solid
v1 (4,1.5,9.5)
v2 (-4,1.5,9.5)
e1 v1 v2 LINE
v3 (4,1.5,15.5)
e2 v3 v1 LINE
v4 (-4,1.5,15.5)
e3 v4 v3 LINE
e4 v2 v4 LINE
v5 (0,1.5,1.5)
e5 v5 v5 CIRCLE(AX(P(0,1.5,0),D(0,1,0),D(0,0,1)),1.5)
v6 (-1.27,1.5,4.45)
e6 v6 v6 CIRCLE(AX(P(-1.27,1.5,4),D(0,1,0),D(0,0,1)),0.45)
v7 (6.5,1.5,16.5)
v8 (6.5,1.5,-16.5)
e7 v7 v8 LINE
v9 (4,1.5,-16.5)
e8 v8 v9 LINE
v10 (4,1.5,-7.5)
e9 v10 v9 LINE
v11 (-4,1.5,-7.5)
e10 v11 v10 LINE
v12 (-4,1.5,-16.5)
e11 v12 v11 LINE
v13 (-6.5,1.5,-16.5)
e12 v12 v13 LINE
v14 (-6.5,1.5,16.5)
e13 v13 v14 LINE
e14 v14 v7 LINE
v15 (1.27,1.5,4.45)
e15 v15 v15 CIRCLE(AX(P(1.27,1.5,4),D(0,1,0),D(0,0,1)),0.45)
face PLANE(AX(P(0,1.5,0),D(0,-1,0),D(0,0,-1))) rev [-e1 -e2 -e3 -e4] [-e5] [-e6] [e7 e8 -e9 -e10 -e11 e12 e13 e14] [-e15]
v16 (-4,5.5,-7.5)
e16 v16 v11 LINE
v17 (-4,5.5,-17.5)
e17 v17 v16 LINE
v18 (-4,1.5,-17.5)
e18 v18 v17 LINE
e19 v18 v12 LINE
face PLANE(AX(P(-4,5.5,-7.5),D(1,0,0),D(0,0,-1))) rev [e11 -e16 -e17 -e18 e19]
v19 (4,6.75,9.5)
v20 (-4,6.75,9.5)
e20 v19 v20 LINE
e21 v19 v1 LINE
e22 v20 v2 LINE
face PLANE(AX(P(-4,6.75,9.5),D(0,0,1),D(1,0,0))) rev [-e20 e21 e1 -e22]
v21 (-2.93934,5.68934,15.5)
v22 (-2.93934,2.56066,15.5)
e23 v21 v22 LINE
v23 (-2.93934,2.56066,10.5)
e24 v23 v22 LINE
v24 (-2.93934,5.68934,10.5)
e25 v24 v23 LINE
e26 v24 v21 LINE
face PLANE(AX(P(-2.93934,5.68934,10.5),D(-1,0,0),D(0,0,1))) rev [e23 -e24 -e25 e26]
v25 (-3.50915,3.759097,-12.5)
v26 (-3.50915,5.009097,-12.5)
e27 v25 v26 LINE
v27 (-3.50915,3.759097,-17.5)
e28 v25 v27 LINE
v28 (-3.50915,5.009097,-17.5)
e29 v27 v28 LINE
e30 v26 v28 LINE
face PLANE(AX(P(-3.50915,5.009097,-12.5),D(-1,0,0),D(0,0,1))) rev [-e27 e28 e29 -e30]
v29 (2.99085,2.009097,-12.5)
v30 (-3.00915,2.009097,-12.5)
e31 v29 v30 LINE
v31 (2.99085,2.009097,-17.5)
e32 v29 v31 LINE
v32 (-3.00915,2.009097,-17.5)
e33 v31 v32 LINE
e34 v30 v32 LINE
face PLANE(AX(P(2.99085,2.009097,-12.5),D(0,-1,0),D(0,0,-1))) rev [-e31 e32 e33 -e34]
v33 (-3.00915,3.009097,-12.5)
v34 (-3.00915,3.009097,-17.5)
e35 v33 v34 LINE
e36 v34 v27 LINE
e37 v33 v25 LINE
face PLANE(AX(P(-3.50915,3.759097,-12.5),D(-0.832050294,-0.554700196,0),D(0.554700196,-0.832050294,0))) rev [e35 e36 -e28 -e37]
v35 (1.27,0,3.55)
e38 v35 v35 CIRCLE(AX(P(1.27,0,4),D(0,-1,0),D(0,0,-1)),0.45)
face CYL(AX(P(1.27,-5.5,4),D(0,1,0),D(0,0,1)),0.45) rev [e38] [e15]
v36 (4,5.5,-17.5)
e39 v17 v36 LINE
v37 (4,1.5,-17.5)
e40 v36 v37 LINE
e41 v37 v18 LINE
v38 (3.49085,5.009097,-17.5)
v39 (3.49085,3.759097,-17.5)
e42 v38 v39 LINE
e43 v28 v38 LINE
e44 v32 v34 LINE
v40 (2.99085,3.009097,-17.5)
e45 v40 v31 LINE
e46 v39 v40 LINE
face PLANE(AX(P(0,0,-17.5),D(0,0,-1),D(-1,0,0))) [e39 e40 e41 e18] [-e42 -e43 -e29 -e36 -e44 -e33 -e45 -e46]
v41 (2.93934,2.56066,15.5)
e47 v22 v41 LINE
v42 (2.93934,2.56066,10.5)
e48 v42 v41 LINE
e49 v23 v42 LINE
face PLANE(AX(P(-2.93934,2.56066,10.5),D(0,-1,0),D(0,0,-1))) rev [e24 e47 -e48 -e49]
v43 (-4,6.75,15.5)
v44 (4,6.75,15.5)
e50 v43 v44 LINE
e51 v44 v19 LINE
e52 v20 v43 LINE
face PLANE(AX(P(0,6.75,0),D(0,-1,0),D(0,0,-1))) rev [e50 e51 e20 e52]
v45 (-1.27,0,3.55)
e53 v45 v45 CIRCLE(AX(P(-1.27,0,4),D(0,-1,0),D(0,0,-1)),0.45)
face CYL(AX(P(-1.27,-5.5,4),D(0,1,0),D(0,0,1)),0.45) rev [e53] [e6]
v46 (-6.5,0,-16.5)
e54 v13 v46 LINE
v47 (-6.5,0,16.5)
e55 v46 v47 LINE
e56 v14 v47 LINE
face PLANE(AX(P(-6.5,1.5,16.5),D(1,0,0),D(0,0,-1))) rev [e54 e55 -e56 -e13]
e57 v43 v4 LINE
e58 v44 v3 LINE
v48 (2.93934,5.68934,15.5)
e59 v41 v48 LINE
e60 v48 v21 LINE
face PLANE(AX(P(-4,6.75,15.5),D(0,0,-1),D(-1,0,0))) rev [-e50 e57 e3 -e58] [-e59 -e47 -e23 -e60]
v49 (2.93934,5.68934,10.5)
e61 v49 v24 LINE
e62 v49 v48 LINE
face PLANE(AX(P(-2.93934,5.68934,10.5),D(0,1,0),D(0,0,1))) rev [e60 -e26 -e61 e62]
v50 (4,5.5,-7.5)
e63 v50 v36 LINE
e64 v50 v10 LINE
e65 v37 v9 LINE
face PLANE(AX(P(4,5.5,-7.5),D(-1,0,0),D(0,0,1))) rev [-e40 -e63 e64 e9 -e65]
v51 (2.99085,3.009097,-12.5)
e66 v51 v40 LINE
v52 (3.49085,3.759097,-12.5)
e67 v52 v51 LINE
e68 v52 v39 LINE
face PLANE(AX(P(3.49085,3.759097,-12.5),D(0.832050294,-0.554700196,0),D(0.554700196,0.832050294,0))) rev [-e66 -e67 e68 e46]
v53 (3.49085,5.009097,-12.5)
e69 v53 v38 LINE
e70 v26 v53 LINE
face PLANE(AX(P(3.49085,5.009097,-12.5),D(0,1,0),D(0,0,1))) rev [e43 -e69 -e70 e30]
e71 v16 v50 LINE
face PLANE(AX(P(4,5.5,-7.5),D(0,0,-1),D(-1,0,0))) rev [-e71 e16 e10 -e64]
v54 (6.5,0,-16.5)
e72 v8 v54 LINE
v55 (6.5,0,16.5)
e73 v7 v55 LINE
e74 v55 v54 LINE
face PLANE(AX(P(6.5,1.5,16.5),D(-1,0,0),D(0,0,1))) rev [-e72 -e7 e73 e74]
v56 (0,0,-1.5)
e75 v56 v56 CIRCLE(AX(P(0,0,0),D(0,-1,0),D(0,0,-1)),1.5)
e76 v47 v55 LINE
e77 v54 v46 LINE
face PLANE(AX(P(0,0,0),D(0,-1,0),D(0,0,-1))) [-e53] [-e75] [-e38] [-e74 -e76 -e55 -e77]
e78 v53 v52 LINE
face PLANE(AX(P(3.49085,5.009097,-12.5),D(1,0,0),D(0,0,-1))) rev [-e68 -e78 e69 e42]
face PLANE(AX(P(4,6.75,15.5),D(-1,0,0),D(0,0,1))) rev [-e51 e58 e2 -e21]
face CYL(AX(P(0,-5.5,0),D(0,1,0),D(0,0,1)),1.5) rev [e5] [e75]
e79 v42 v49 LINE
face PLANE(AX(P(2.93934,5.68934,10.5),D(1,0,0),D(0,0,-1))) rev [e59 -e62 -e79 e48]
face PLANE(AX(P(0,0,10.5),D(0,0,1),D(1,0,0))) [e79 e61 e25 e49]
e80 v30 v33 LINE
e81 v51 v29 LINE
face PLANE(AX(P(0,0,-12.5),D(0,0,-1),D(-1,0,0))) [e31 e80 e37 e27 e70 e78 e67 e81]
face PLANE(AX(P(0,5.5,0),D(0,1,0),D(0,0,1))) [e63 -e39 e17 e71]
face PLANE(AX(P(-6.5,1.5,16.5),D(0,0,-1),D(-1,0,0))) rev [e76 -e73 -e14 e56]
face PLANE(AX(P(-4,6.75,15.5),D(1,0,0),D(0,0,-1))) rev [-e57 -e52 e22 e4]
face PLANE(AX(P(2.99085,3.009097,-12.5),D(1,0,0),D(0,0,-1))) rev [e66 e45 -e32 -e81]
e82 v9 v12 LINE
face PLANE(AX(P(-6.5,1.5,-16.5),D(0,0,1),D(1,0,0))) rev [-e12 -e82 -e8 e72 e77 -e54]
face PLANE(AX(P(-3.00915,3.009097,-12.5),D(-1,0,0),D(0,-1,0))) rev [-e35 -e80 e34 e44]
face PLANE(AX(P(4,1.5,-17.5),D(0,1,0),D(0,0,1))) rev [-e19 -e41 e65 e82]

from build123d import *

# Parameters (mm, degrees)
SKETCH2_W           = 13
SKETCH2_H           = 33
BOSS_EXTRUDE1_DEPTH = 1.5
SKETCH3_W           = 8
SKETCH3_H           = 6
BOSS_EXTRUDE2_DEPTH = 5.25
SKETCH4_W           = 5.878679656
SKETCH4_H           = 3.128679656
CUT_EXTRUDE1_DEPTH  = 5
SKETCH5_R           = 1.5
CUT_EXTRUDE2_DEPTH  = 7
SKETCH6_R           = 0.45
CUT_EXTRUDE3_DEPTH  = 7
SKETCH7_W           = 8
SKETCH7_H           = 9
BOSS_EXTRUDE3_DEPTH = 4
SKETCH10_W          = 8
SKETCH10_H          = 4
BOSS_EXTRUDE5_DEPTH = 1
CUT_EXTRUDE5_DEPTH  = 5


with BuildPart() as part:
    # Sketch2 → Boss-Extrude1 (new body)
    with BuildSketch(Plane(origin=(0, 0, 0), x_dir=(1, 0, 0), z_dir=(0, 1, 0))):
        Rectangle(SKETCH2_W, SKETCH2_H)
    extrude(amount=BOSS_EXTRUDE1_DEPTH)

    # Sketch3 → Boss-Extrude2 (add)
    with BuildSketch(Plane(origin=(0, 1.5, 0), x_dir=(1, 0, 0), z_dir=(0, 1, 0))):
        with Locations((0, -12.5)):
            Rectangle(SKETCH3_W, SKETCH3_H)
    extrude(amount=BOSS_EXTRUDE2_DEPTH)

    # Sketch4 → Cut-Extrude1 (cut)
    with BuildSketch(Plane.XY.offset(15.5)):
        with Locations((0, 4.125)):
            Rectangle(SKETCH4_W, SKETCH4_H)
    extrude(amount=-CUT_EXTRUDE1_DEPTH, mode=Mode.SUBTRACT)

    # Sketch5 → Cut-Extrude2 (cut)
    with BuildSketch(Plane(origin=(0, 1.5, 0), x_dir=(1, 0, 0), z_dir=(0, 1, 0))):
        with Locations(Location((0, 0, 0), (0, 0, 270))):
            Circle(SKETCH5_R)
    extrude(amount=-CUT_EXTRUDE2_DEPTH, mode=Mode.SUBTRACT)

    # Sketch6 → Cut-Extrude3 (cut)
    with BuildSketch(Plane(origin=(0, 1.5, 0), x_dir=(1, 0, 0), z_dir=(0, 1, 0))):
        with Locations(Location((-1.27, -4, 0), (0, 0, 270))):
            Circle(SKETCH6_R)
        with Locations(Location((1.27, -4, 0), (0, 0, 270))):
            Circle(SKETCH6_R)
    extrude(amount=-CUT_EXTRUDE3_DEPTH, mode=Mode.SUBTRACT)

    # Sketch7 → Boss-Extrude3 (add)
    with BuildSketch(Plane(origin=(0, 1.5, 0), x_dir=(1, 0, 0), z_dir=(0, 1, 0))):
        with Locations((0, 12)):
            Rectangle(SKETCH7_W, SKETCH7_H)
    extrude(amount=BOSS_EXTRUDE3_DEPTH)

    # Sketch10 → Boss-Extrude5 (add)
    with BuildSketch(Plane(origin=(0, 0, -16.5), x_dir=(-1, 0, 0), z_dir=(0, 0, -1))):
        with Locations((0, 3.5)):
            Rectangle(SKETCH10_W, SKETCH10_H)
    extrude(amount=BOSS_EXTRUDE5_DEPTH)

    # Sketch12 → Cut-Extrude5 (cut)
    with BuildSketch(Plane(origin=(0, 0, -17.5), x_dir=(-1, 0, 0), z_dir=(0, 0, -1))):
        Polygon((-3.490849898, 5.00909726), (3.509150102, 5.00909726), (3.509150102, 3.75909726), (3.009150102, 3.00909726), (3.009150102, 2.00909726), (-2.990849898, 2.00909726), (-2.990849898, 3.00909726), (-3.490849898, 3.75909726), align=None)
    extrude(amount=-CUT_EXTRUDE5_DEPTH, mode=Mode.SUBTRACT)


solid = part.part
